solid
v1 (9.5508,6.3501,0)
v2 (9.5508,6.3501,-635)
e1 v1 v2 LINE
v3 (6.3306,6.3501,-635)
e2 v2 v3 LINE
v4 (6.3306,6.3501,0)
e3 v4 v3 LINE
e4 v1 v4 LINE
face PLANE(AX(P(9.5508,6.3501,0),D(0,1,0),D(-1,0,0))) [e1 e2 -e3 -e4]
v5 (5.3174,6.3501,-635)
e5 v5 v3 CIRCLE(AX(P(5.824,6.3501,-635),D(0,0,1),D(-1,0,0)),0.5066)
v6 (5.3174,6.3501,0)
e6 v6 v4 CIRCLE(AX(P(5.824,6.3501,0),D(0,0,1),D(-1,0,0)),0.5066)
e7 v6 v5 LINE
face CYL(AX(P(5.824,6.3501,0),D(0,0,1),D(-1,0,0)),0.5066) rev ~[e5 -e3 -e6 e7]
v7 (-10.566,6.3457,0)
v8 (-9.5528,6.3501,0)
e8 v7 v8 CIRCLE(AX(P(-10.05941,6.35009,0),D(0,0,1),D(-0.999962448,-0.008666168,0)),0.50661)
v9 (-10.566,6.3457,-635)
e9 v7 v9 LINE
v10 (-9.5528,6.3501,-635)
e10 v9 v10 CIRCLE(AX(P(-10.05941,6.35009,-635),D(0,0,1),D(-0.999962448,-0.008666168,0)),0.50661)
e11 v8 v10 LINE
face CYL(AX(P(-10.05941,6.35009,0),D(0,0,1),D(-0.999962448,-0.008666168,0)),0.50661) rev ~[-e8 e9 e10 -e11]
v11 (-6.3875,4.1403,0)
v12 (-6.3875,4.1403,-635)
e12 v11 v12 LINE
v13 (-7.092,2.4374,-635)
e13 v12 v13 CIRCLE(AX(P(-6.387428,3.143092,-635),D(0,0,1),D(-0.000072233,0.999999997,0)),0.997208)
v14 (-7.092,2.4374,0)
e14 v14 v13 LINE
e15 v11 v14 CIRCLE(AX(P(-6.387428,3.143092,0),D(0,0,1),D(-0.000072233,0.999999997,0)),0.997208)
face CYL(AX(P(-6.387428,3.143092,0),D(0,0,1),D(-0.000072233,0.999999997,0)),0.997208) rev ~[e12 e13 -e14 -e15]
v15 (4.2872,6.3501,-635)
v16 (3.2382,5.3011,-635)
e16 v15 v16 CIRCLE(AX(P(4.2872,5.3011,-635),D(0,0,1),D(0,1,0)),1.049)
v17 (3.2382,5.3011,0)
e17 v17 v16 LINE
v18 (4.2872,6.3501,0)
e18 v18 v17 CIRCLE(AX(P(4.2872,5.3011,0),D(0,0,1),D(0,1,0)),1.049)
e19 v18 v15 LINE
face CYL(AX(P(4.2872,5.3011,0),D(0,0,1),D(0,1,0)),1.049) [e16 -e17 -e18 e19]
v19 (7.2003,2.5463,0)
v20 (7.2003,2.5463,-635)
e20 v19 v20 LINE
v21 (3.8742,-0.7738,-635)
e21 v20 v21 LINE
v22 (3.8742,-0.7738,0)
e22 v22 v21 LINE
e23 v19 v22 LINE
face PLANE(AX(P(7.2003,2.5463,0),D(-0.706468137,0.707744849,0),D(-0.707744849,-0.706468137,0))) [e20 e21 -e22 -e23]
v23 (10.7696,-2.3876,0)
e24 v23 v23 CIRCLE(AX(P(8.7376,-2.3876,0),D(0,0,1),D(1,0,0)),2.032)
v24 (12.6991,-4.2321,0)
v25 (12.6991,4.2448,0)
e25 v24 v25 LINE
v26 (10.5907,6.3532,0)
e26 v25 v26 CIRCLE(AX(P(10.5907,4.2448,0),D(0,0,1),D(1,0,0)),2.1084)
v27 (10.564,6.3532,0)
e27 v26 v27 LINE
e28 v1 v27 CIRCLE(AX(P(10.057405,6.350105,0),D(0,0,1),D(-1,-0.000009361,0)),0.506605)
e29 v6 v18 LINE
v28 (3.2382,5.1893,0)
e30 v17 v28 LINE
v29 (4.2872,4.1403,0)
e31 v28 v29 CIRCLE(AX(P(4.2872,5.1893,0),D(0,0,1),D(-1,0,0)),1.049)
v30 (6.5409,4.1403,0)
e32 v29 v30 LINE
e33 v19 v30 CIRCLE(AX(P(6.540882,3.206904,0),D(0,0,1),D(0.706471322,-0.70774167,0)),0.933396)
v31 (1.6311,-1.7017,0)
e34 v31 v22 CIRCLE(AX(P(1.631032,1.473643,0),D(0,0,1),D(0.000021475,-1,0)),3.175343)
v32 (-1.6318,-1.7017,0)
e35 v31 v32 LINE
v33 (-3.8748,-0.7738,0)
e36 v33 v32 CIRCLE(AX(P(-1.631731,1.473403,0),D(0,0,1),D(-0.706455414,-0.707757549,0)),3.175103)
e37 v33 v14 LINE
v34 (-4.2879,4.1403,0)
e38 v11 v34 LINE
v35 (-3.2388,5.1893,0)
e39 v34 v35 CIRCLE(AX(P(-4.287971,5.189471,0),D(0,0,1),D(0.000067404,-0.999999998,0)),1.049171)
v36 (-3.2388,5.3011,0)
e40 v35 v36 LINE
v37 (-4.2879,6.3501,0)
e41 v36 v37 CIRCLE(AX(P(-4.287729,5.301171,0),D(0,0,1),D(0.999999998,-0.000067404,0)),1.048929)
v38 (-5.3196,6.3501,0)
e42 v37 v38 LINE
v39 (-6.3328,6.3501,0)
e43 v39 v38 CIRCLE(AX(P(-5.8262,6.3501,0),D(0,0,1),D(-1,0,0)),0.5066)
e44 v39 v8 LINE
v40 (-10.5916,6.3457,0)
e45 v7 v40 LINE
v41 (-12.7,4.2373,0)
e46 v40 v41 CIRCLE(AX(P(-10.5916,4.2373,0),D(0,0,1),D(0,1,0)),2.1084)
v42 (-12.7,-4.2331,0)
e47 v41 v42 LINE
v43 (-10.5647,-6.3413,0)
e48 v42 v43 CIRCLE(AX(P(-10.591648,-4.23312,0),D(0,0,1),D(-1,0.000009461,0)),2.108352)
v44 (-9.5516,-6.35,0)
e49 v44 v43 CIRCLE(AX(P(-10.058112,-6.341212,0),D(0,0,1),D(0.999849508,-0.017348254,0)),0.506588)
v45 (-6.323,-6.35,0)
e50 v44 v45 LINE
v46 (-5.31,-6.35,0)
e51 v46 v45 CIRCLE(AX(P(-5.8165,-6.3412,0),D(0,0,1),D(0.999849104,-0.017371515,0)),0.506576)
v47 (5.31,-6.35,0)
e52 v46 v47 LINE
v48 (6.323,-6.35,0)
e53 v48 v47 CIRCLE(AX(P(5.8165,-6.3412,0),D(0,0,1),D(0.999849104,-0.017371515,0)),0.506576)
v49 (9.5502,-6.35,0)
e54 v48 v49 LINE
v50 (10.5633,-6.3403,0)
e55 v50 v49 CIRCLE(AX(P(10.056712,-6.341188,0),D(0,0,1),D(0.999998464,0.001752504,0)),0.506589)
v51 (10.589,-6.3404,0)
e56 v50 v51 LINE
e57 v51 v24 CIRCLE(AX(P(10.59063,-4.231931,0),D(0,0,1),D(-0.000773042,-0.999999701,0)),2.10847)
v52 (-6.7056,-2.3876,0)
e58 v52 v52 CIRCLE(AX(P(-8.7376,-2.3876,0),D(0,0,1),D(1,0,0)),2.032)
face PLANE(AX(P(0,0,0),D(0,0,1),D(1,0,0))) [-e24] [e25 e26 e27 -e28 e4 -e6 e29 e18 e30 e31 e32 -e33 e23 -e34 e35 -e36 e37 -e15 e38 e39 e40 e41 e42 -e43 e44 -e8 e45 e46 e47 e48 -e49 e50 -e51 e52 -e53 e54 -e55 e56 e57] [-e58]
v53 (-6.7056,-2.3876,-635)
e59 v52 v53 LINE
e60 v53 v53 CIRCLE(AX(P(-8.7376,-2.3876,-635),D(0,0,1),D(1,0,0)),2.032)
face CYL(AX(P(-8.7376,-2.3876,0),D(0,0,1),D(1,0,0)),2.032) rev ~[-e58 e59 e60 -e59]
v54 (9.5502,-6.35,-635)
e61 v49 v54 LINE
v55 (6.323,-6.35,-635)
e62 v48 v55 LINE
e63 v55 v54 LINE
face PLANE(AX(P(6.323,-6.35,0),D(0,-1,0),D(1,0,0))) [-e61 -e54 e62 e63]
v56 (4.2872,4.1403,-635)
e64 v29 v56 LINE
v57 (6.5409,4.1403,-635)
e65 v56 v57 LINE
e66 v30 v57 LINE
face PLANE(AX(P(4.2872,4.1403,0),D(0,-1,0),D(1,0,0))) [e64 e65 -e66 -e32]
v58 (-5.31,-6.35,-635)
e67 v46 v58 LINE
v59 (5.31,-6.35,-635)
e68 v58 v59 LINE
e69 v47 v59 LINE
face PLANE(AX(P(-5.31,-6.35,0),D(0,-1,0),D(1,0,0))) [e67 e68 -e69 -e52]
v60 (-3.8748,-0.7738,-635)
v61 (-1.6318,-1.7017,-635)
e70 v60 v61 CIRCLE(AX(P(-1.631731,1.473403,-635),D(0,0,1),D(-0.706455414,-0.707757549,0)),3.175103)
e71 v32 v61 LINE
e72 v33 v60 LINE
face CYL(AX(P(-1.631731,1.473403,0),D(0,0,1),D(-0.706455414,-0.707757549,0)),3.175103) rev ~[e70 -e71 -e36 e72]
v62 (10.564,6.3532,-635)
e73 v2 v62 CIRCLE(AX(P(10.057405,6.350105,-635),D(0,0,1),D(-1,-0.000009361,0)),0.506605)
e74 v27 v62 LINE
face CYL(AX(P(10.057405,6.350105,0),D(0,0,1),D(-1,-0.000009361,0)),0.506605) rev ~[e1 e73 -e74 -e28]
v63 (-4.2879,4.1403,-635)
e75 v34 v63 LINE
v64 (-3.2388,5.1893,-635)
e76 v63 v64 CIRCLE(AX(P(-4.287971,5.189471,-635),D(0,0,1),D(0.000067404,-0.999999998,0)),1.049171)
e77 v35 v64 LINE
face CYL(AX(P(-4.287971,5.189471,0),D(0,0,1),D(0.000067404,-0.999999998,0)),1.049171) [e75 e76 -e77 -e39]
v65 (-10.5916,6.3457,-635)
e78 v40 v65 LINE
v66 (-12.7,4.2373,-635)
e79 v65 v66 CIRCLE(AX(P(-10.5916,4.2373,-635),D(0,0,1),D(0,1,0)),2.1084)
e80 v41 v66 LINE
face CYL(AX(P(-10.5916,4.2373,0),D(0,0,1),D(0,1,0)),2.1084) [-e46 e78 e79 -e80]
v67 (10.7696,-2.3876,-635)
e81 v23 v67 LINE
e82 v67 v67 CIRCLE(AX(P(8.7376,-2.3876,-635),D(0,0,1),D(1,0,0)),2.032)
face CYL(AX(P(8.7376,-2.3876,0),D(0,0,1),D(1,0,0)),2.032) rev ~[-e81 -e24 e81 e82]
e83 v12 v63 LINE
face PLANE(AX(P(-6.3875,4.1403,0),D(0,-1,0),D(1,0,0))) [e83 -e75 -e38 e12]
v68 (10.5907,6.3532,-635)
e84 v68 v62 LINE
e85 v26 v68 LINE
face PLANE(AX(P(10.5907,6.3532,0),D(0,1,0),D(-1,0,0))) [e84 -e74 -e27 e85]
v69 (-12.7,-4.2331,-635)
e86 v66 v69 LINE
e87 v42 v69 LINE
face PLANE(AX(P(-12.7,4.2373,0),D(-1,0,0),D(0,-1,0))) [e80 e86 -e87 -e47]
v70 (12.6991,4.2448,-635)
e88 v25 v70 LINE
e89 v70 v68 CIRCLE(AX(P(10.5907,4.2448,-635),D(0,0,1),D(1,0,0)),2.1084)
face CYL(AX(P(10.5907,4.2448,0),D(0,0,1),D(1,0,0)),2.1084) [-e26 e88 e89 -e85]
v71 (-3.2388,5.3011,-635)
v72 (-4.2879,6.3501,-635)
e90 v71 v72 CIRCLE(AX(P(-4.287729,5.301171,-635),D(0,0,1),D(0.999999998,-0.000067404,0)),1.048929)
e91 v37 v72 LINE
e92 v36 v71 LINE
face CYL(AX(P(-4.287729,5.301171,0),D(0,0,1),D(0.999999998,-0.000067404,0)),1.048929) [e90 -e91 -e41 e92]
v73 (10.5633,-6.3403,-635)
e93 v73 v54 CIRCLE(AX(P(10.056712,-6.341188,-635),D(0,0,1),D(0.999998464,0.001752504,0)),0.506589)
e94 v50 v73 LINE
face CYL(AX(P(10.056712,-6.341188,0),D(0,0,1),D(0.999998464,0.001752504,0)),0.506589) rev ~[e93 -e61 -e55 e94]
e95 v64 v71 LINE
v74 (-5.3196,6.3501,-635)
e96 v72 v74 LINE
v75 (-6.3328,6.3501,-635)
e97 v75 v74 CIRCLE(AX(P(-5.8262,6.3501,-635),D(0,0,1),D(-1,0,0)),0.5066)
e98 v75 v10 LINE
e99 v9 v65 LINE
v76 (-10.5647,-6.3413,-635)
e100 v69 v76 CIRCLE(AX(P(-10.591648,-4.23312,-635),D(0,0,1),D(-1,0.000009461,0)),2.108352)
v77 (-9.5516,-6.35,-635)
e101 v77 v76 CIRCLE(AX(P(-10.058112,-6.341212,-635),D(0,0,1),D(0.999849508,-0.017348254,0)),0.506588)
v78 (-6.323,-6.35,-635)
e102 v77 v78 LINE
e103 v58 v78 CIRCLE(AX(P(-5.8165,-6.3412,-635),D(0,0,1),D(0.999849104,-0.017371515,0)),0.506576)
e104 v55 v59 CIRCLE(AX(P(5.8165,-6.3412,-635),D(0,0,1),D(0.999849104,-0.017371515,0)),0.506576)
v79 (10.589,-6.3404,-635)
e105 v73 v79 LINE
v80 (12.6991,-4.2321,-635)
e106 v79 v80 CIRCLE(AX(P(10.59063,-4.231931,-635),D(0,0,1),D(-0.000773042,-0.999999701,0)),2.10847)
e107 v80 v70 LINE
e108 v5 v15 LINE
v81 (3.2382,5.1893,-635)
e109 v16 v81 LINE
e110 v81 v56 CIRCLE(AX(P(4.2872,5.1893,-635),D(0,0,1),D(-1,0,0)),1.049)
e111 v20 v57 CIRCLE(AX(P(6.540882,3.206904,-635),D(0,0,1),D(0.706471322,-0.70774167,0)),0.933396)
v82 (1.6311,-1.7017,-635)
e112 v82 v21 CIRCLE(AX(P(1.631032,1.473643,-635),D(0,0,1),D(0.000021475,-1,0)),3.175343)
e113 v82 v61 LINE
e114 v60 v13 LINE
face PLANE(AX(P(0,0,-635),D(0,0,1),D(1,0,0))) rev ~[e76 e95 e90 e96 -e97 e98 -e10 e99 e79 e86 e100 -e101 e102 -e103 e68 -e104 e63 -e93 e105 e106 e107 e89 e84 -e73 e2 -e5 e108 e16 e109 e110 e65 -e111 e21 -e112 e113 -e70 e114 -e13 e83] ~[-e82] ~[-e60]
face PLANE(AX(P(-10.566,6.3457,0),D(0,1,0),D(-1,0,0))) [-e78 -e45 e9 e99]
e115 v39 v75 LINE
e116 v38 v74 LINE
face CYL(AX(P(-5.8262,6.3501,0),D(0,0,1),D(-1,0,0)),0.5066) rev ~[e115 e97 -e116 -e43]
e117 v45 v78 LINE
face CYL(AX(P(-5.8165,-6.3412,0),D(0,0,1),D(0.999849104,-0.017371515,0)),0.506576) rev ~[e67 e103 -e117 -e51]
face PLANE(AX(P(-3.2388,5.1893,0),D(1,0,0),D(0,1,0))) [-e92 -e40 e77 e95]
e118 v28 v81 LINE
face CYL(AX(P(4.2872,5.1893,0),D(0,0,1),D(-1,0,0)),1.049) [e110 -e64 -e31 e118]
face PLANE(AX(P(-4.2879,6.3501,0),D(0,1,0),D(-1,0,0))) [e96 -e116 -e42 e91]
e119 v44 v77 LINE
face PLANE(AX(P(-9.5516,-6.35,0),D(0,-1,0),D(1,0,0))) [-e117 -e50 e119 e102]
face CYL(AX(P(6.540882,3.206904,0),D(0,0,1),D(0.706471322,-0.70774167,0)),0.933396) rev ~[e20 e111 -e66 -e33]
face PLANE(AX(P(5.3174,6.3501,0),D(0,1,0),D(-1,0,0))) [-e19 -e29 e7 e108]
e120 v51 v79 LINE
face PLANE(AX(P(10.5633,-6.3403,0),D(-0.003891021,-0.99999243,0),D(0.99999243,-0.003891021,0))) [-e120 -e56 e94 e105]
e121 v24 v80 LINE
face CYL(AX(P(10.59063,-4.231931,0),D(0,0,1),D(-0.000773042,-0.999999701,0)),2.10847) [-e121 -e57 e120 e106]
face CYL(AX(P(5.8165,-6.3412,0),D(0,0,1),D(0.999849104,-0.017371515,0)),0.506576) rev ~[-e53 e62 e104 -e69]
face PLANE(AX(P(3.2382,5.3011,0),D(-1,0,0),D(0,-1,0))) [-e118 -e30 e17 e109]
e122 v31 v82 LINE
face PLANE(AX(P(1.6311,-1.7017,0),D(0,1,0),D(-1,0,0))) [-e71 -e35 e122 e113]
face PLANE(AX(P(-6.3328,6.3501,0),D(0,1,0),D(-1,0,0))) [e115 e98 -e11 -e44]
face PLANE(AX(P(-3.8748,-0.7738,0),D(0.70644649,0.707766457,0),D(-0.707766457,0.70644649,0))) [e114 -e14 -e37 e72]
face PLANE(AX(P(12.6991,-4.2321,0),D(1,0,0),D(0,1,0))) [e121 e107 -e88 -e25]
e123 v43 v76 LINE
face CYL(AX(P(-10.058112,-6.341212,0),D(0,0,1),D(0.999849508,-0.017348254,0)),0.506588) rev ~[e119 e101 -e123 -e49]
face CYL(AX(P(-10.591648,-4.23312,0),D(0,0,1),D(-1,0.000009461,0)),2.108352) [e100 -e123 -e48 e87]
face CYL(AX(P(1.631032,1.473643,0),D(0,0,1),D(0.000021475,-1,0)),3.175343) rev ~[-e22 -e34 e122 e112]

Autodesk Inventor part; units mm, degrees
ref_plane "YZ Plane" through (0, 0, 0) normal (1, 0, 0) x (0, 1, 0)
ref_plane "XZ Plane" through (0, 0, 0) normal (0, 1, 0) x (-1, 0, 0)
ref_plane "XY Plane" through (0, 0, 0) normal (0, 0, 1) x (1, 0, 0)
sketch "Sketch1" plane through (0, 0, 0) normal (0, 0, 1) x (1, 0, 0)
  circle A0 centre (8.7376, -2.3876) radius 2.032
  circle A1 centre (-8.7376, -2.3876) radius 2.032
  arc A2 (9.5508, 6.3501) -> (10.564, 6.3532) centre (10.0574, 6.3501) ccw
  line L0 (9.5508, 6.3501) -> (6.3306, 6.3501)
  arc A3 (5.3174, 6.3501) -> (6.3306, 6.3501) centre (5.824, 6.3501) ccw
  line L1 (5.3174, 6.3501) -> (4.2872, 6.3501)
  arc A4 (4.2872, 6.3501) -> (3.2382, 5.3011) centre (4.2872, 5.3011) ccw
  line L2 (3.2382, 5.3011) -> (3.2382, 5.1893)
  arc A5 (3.2382, 5.1893) -> (4.2872, 4.1403) centre (4.2872, 5.1893) ccw
  line L3 (4.2872, 4.1403) -> (6.5409, 4.1403)
  arc A6 (7.2003, 2.5463) -> (6.5409, 4.1403) centre (6.5409, 3.2069) ccw
  line L4 (7.2003, 2.5463) -> (3.8742, -0.7738)
  arc A7 (1.6311, -1.7017) -> (3.8742, -0.7738) centre (1.6311, 1.4733) ccw
  line L5 (1.6311, -1.7017) -> (-1.6318, -1.7017)
  arc A8 (-3.8748, -0.7738) -> (-1.6318, -1.7017) centre (-1.6318, 1.4733) ccw
  line L6 (-3.8748, -0.7738) -> (-7.092, 2.4374)
  arc A9 (-6.3875, 4.1403) -> (-7.092, 2.4374) centre (-6.3875, 3.1432) ccw
  line L7 (-6.3875, 4.1403) -> (-4.2879, 4.1403)
  arc A10 (-4.2879, 4.1403) -> (-3.2388, 5.1893) centre (-4.2879, 5.1893) ccw
  line L8 (-3.2388, 5.1893) -> (-3.2388, 5.3011)
  arc A11 (-3.2388, 5.3011) -> (-4.2879, 6.3501) centre (-4.2879, 5.3011) ccw
  line L9 (-4.2879, 6.3501) -> (-5.3196, 6.3501)
  arc A12 (-6.3328, 6.3501) -> (-5.3196, 6.3501) centre (-5.8262, 6.3501) ccw
  line L10 (-6.3328, 6.3501) -> (-9.5528, 6.3501)
  arc A13 (-10.566, 6.3457) -> (-9.5528, 6.3501) centre (-10.0594, 6.3501) ccw
  line L11 (-10.566, 6.3457) -> (-10.5916, 6.3457)
  arc A14 (-10.5916, 6.3457) -> (-12.7, 4.2373) centre (-10.5916, 4.2373) ccw
  line L12 (-12.7, 4.2373) -> (-12.7, -4.2331)
  arc A15 (-12.7, -4.2331) -> (-10.5647, -6.3413) centre (-10.5916, -4.2331) ccw
  arc A16 (-9.5516, -6.35) -> (-10.5647, -6.3413) centre (-10.0581, -6.3412) ccw
  line L13 (-9.5516, -6.35) -> (-6.323, -6.35)
  arc A17 (-5.31, -6.35) -> (-6.323, -6.35) centre (-5.8165, -6.3412) ccw
  line L14 (-5.31, -6.35) -> (5.31, -6.35)
  arc A18 (6.323, -6.35) -> (5.31, -6.35) centre (5.8165, -6.3412) ccw
  line L15 (6.323, -6.35) -> (9.5502, -6.35)
  arc A19 (10.5633, -6.3403) -> (9.5502, -6.35) centre (10.0567, -6.3412) ccw
  line L16 (10.5633, -6.3403) -> (10.589, -6.3404)
  arc A20 (10.589, -6.3404) -> (12.6991, -4.2321) centre (10.5907, -4.2321) ccw
  line L17 (12.6991, -4.2321) -> (12.6991, 4.2448)
  arc A21 (12.6991, 4.2448) -> (10.5907, 6.3532) centre (10.5907, 4.2448) ccw
  line L18 (10.5907, 6.3532) -> (10.564, 6.3532)
  point P0 (0, 0)
extrude "Extrusion1" add sketch "Sketch1" against normal blind 635
properties part number "25in_1050"
